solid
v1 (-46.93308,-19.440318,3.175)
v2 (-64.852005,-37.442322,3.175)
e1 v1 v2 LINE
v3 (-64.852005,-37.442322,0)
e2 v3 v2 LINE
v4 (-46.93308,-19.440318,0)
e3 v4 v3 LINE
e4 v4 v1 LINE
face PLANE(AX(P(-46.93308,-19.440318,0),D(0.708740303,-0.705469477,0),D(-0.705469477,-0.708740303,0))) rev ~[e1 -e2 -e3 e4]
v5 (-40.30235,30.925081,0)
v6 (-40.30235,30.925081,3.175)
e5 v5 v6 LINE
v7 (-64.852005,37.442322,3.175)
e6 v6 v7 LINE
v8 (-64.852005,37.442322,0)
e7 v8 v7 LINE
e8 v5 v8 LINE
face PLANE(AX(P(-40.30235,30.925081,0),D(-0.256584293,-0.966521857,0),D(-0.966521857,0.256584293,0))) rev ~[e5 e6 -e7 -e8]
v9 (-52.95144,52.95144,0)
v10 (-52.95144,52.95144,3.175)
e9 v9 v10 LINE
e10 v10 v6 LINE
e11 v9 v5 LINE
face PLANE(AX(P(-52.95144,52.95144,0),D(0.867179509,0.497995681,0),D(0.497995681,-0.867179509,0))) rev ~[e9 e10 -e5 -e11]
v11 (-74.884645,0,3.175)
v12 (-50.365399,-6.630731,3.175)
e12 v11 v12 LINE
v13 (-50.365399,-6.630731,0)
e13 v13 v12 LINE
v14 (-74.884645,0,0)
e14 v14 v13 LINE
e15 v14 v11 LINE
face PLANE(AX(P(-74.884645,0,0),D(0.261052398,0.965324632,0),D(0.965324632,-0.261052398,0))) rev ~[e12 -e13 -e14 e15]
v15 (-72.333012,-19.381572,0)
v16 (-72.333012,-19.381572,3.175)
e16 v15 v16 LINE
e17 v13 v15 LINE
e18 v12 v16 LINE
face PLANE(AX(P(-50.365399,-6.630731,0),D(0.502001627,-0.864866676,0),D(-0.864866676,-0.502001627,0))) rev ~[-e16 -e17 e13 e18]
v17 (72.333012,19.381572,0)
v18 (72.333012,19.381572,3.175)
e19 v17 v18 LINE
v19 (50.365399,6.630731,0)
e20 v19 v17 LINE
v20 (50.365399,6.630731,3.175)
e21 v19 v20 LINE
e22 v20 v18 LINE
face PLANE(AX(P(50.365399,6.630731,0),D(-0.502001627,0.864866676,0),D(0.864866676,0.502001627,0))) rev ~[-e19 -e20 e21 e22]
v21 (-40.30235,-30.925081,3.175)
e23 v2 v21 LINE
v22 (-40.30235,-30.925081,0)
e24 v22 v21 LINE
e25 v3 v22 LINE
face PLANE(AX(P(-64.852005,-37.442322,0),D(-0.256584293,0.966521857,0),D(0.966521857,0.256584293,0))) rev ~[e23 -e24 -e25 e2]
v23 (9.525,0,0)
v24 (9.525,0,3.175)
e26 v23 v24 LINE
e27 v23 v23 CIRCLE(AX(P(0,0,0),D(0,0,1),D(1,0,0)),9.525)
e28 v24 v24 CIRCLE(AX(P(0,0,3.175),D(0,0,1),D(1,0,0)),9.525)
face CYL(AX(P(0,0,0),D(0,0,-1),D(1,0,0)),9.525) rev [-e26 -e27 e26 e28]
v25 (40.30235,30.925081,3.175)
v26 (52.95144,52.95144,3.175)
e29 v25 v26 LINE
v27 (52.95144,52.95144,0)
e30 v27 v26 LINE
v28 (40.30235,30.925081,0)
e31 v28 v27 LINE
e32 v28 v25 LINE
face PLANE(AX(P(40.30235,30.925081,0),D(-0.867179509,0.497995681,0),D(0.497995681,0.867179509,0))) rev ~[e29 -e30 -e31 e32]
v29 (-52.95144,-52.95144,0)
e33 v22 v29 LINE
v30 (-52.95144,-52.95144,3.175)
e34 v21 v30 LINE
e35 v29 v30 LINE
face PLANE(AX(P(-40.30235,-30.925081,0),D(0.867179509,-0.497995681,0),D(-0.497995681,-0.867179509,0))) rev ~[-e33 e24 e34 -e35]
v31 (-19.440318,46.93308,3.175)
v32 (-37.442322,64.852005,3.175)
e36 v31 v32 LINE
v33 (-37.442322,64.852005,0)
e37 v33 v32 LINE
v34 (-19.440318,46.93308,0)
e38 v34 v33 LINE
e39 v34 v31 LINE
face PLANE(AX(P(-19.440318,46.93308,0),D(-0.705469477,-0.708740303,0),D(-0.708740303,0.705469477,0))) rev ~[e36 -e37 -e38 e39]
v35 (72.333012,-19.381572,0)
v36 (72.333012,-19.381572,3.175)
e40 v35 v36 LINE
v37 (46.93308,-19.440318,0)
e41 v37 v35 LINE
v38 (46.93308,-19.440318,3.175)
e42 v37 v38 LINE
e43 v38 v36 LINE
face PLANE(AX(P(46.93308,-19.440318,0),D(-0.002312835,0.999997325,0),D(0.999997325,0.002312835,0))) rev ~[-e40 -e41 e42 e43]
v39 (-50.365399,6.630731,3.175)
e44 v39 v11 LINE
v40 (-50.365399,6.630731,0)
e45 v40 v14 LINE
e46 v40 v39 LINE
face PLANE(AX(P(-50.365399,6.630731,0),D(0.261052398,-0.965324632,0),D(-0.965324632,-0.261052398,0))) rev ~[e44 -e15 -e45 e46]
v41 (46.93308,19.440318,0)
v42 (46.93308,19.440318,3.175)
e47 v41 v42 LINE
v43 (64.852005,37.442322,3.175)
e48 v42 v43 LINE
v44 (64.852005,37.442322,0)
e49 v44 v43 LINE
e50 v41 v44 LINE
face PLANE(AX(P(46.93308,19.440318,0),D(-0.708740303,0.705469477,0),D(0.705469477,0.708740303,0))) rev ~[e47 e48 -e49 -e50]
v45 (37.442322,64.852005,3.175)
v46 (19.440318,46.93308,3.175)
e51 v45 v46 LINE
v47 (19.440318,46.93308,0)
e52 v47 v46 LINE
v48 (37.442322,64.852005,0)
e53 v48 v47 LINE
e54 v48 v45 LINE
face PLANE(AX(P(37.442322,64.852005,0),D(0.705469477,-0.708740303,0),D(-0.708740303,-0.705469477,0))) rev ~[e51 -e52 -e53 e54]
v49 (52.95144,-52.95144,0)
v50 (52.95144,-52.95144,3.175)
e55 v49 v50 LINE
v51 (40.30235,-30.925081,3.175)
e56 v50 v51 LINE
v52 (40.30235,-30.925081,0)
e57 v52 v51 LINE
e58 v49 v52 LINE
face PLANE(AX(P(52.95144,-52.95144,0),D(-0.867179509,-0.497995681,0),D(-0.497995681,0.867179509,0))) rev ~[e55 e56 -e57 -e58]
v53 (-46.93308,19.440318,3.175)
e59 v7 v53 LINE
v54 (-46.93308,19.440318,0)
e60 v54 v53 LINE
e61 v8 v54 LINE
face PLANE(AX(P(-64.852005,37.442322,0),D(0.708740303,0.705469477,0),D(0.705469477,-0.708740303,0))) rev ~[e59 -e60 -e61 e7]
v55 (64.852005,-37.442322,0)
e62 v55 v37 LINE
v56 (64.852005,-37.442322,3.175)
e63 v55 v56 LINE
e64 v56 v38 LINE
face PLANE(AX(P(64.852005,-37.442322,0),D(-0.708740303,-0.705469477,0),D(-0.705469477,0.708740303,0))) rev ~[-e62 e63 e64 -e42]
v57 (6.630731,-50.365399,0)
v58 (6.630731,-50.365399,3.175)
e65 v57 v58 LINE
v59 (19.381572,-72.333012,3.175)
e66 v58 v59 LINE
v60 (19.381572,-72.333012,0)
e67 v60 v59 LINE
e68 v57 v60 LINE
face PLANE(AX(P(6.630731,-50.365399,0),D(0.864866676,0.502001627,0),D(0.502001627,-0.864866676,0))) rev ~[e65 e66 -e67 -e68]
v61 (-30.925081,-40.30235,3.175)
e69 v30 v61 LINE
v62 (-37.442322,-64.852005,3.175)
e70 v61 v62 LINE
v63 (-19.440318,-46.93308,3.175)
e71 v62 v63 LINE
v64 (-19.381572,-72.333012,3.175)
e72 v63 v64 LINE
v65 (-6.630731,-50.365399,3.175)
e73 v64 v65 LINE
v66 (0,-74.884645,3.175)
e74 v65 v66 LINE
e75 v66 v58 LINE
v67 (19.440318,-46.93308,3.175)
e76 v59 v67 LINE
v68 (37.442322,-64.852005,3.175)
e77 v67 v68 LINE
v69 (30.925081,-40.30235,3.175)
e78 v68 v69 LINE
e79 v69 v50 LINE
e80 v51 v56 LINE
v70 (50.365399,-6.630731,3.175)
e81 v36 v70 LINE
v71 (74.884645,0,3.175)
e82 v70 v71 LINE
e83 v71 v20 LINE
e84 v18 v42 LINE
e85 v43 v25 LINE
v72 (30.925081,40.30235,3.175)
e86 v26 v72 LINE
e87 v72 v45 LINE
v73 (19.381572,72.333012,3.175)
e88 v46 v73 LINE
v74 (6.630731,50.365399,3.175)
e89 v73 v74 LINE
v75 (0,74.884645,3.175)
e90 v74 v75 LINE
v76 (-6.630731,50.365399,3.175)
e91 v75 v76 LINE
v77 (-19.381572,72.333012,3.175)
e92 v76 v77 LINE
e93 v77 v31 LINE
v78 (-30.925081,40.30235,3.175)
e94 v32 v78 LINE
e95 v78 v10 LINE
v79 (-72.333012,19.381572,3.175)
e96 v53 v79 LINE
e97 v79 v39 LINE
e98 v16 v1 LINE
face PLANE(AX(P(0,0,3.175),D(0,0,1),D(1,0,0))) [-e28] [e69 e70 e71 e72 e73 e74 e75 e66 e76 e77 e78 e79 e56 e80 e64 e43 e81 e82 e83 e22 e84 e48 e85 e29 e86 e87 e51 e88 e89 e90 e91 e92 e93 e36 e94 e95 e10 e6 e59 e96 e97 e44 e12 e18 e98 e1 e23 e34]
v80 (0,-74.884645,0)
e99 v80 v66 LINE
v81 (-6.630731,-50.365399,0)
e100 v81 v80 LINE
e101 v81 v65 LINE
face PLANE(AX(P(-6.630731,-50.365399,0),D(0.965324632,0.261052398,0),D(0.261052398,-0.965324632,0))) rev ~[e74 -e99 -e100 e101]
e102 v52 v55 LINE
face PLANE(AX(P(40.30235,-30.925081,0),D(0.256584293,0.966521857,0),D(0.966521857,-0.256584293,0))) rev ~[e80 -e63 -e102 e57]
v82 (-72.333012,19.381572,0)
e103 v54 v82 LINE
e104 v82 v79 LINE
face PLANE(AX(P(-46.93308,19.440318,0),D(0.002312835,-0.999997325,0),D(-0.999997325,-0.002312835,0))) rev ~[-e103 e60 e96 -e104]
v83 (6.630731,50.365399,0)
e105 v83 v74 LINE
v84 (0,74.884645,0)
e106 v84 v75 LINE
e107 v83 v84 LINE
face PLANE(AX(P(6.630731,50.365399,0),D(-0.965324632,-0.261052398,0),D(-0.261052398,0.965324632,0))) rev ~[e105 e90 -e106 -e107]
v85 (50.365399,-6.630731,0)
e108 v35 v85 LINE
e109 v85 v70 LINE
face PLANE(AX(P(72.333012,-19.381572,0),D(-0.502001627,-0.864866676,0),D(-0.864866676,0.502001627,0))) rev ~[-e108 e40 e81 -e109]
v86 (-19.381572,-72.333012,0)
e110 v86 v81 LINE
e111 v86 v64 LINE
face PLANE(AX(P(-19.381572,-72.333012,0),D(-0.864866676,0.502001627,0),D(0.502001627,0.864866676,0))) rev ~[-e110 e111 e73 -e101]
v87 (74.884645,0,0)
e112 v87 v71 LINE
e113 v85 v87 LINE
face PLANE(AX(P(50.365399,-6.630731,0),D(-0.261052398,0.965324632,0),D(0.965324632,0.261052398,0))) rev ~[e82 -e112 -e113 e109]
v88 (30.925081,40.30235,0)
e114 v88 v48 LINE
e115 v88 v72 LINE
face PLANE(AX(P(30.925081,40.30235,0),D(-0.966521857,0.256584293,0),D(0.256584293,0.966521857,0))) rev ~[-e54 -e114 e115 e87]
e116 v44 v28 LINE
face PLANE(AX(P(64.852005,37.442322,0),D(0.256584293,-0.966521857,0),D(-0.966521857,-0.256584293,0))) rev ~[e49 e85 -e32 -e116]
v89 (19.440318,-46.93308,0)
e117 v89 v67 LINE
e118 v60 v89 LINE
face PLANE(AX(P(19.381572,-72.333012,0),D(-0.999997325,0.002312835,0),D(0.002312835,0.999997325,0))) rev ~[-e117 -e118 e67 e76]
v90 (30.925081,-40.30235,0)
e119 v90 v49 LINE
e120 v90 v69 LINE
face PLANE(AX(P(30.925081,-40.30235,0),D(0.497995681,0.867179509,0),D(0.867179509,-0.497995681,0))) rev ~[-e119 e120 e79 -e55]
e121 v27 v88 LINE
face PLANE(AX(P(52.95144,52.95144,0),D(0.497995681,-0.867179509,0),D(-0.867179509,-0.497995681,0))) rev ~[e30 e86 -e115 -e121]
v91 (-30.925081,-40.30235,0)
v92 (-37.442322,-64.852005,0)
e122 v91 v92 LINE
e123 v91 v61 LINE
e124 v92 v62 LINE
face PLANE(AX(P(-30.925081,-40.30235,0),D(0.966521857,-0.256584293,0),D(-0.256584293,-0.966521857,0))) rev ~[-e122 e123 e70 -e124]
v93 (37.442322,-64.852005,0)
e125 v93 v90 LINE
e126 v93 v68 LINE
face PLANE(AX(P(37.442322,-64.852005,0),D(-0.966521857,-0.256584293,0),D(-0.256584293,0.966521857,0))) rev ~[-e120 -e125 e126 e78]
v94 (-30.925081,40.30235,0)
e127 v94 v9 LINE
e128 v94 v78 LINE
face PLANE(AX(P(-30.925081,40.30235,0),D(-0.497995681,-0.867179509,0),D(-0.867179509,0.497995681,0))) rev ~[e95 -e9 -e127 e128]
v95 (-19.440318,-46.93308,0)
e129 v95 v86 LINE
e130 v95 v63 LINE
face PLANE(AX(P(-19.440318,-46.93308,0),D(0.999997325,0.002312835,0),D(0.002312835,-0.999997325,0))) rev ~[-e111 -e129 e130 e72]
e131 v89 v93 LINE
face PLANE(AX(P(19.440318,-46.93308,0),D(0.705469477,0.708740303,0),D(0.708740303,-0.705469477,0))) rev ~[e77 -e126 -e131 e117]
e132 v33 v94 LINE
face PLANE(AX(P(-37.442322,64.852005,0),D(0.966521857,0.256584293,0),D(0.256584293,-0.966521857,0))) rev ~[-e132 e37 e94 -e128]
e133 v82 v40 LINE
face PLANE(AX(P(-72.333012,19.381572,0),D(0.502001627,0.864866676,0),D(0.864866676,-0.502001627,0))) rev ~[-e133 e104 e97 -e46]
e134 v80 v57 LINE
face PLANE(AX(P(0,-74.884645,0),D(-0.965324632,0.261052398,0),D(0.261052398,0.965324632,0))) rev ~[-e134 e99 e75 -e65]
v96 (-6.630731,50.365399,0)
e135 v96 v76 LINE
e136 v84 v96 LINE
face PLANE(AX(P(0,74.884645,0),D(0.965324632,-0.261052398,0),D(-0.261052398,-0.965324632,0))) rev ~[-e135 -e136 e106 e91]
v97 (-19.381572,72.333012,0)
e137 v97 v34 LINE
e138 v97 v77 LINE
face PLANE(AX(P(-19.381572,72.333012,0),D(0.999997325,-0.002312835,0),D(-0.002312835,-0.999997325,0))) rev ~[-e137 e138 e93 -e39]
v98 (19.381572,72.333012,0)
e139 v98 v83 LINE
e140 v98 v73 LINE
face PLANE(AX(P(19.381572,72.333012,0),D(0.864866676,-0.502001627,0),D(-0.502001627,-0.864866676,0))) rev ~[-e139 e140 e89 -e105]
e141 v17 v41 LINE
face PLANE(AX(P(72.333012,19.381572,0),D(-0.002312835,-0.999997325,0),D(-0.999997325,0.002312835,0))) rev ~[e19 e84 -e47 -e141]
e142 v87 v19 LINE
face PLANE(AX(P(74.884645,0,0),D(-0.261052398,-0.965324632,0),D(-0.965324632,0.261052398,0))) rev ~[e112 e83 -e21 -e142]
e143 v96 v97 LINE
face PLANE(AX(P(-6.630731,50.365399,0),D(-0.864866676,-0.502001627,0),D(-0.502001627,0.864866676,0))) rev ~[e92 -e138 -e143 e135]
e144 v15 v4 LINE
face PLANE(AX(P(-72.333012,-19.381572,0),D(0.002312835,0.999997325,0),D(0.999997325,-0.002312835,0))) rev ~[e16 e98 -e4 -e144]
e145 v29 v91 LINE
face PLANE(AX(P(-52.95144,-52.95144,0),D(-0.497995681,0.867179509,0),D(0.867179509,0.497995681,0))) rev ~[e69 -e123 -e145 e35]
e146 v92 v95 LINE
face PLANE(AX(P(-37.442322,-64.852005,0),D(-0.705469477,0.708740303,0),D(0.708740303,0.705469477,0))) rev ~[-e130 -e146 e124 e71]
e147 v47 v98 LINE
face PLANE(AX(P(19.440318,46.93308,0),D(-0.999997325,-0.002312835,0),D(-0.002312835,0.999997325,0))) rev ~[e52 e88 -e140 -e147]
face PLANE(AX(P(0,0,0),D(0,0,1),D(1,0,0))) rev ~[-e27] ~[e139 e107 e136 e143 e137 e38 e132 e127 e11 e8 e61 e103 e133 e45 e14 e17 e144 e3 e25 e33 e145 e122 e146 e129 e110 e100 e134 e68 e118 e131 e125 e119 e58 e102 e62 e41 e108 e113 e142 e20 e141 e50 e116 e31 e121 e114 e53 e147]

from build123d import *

# Parameters (mm, degrees)
F0_R     = 9.525
F1_DEPTH = 3.175


with BuildPart() as f1:
    # F0 (on Top) → F1 (new body)
    with BuildSketch(Plane.XY):
        Polygon((0, 74.884645), (-6.630731, 50.365399), (-19.381572, 72.333012), (-19.440318, 46.93308), (-37.442322, 64.852005), (-30.925081, 40.30235), (-52.95144, 52.95144), (-40.30235, 30.925081), (-64.852005, 37.442322), (-46.93308, 19.440318), (-72.333012, 19.381572), (-50.365399, 6.630731), (-74.884645, 0), (-50.365399, -6.630731), (-72.333012, -19.381572), (-46.93308, -19.440318), (-64.852005, -37.442322), (-40.30235, -30.925081), (-52.95144, -52.95144), (-30.925081, -40.30235), (-37.442322, -64.852005), (-19.440318, -46.93308), (-19.381572, -72.333012), (-6.630731, -50.365399), (0, -74.884645), (6.630731, -50.365399), (19.381572, -72.333012), (19.440318, -46.93308), (37.442322, -64.852005), (30.925081, -40.30235), (52.95144, -52.95144), (40.30235, -30.925081), (64.852005, -37.442322), (46.93308, -19.440318), (72.333012, -19.381572), (50.365399, -6.630731), (74.884645, 0), (50.365399, 6.630731), (72.333012, 19.381572), (46.93308, 19.440318), (64.852005, 37.442322), (40.30235, 30.925081), (52.95144, 52.95144), (30.925081, 40.30235), (37.442322, 64.852005), (19.440318, 46.93308), (19.381572, 72.333012), (6.630731, 50.365399), align=None)
        Circle(F0_R, mode=Mode.SUBTRACT)
    extrude(amount=F1_DEPTH)


solid = f1.part
